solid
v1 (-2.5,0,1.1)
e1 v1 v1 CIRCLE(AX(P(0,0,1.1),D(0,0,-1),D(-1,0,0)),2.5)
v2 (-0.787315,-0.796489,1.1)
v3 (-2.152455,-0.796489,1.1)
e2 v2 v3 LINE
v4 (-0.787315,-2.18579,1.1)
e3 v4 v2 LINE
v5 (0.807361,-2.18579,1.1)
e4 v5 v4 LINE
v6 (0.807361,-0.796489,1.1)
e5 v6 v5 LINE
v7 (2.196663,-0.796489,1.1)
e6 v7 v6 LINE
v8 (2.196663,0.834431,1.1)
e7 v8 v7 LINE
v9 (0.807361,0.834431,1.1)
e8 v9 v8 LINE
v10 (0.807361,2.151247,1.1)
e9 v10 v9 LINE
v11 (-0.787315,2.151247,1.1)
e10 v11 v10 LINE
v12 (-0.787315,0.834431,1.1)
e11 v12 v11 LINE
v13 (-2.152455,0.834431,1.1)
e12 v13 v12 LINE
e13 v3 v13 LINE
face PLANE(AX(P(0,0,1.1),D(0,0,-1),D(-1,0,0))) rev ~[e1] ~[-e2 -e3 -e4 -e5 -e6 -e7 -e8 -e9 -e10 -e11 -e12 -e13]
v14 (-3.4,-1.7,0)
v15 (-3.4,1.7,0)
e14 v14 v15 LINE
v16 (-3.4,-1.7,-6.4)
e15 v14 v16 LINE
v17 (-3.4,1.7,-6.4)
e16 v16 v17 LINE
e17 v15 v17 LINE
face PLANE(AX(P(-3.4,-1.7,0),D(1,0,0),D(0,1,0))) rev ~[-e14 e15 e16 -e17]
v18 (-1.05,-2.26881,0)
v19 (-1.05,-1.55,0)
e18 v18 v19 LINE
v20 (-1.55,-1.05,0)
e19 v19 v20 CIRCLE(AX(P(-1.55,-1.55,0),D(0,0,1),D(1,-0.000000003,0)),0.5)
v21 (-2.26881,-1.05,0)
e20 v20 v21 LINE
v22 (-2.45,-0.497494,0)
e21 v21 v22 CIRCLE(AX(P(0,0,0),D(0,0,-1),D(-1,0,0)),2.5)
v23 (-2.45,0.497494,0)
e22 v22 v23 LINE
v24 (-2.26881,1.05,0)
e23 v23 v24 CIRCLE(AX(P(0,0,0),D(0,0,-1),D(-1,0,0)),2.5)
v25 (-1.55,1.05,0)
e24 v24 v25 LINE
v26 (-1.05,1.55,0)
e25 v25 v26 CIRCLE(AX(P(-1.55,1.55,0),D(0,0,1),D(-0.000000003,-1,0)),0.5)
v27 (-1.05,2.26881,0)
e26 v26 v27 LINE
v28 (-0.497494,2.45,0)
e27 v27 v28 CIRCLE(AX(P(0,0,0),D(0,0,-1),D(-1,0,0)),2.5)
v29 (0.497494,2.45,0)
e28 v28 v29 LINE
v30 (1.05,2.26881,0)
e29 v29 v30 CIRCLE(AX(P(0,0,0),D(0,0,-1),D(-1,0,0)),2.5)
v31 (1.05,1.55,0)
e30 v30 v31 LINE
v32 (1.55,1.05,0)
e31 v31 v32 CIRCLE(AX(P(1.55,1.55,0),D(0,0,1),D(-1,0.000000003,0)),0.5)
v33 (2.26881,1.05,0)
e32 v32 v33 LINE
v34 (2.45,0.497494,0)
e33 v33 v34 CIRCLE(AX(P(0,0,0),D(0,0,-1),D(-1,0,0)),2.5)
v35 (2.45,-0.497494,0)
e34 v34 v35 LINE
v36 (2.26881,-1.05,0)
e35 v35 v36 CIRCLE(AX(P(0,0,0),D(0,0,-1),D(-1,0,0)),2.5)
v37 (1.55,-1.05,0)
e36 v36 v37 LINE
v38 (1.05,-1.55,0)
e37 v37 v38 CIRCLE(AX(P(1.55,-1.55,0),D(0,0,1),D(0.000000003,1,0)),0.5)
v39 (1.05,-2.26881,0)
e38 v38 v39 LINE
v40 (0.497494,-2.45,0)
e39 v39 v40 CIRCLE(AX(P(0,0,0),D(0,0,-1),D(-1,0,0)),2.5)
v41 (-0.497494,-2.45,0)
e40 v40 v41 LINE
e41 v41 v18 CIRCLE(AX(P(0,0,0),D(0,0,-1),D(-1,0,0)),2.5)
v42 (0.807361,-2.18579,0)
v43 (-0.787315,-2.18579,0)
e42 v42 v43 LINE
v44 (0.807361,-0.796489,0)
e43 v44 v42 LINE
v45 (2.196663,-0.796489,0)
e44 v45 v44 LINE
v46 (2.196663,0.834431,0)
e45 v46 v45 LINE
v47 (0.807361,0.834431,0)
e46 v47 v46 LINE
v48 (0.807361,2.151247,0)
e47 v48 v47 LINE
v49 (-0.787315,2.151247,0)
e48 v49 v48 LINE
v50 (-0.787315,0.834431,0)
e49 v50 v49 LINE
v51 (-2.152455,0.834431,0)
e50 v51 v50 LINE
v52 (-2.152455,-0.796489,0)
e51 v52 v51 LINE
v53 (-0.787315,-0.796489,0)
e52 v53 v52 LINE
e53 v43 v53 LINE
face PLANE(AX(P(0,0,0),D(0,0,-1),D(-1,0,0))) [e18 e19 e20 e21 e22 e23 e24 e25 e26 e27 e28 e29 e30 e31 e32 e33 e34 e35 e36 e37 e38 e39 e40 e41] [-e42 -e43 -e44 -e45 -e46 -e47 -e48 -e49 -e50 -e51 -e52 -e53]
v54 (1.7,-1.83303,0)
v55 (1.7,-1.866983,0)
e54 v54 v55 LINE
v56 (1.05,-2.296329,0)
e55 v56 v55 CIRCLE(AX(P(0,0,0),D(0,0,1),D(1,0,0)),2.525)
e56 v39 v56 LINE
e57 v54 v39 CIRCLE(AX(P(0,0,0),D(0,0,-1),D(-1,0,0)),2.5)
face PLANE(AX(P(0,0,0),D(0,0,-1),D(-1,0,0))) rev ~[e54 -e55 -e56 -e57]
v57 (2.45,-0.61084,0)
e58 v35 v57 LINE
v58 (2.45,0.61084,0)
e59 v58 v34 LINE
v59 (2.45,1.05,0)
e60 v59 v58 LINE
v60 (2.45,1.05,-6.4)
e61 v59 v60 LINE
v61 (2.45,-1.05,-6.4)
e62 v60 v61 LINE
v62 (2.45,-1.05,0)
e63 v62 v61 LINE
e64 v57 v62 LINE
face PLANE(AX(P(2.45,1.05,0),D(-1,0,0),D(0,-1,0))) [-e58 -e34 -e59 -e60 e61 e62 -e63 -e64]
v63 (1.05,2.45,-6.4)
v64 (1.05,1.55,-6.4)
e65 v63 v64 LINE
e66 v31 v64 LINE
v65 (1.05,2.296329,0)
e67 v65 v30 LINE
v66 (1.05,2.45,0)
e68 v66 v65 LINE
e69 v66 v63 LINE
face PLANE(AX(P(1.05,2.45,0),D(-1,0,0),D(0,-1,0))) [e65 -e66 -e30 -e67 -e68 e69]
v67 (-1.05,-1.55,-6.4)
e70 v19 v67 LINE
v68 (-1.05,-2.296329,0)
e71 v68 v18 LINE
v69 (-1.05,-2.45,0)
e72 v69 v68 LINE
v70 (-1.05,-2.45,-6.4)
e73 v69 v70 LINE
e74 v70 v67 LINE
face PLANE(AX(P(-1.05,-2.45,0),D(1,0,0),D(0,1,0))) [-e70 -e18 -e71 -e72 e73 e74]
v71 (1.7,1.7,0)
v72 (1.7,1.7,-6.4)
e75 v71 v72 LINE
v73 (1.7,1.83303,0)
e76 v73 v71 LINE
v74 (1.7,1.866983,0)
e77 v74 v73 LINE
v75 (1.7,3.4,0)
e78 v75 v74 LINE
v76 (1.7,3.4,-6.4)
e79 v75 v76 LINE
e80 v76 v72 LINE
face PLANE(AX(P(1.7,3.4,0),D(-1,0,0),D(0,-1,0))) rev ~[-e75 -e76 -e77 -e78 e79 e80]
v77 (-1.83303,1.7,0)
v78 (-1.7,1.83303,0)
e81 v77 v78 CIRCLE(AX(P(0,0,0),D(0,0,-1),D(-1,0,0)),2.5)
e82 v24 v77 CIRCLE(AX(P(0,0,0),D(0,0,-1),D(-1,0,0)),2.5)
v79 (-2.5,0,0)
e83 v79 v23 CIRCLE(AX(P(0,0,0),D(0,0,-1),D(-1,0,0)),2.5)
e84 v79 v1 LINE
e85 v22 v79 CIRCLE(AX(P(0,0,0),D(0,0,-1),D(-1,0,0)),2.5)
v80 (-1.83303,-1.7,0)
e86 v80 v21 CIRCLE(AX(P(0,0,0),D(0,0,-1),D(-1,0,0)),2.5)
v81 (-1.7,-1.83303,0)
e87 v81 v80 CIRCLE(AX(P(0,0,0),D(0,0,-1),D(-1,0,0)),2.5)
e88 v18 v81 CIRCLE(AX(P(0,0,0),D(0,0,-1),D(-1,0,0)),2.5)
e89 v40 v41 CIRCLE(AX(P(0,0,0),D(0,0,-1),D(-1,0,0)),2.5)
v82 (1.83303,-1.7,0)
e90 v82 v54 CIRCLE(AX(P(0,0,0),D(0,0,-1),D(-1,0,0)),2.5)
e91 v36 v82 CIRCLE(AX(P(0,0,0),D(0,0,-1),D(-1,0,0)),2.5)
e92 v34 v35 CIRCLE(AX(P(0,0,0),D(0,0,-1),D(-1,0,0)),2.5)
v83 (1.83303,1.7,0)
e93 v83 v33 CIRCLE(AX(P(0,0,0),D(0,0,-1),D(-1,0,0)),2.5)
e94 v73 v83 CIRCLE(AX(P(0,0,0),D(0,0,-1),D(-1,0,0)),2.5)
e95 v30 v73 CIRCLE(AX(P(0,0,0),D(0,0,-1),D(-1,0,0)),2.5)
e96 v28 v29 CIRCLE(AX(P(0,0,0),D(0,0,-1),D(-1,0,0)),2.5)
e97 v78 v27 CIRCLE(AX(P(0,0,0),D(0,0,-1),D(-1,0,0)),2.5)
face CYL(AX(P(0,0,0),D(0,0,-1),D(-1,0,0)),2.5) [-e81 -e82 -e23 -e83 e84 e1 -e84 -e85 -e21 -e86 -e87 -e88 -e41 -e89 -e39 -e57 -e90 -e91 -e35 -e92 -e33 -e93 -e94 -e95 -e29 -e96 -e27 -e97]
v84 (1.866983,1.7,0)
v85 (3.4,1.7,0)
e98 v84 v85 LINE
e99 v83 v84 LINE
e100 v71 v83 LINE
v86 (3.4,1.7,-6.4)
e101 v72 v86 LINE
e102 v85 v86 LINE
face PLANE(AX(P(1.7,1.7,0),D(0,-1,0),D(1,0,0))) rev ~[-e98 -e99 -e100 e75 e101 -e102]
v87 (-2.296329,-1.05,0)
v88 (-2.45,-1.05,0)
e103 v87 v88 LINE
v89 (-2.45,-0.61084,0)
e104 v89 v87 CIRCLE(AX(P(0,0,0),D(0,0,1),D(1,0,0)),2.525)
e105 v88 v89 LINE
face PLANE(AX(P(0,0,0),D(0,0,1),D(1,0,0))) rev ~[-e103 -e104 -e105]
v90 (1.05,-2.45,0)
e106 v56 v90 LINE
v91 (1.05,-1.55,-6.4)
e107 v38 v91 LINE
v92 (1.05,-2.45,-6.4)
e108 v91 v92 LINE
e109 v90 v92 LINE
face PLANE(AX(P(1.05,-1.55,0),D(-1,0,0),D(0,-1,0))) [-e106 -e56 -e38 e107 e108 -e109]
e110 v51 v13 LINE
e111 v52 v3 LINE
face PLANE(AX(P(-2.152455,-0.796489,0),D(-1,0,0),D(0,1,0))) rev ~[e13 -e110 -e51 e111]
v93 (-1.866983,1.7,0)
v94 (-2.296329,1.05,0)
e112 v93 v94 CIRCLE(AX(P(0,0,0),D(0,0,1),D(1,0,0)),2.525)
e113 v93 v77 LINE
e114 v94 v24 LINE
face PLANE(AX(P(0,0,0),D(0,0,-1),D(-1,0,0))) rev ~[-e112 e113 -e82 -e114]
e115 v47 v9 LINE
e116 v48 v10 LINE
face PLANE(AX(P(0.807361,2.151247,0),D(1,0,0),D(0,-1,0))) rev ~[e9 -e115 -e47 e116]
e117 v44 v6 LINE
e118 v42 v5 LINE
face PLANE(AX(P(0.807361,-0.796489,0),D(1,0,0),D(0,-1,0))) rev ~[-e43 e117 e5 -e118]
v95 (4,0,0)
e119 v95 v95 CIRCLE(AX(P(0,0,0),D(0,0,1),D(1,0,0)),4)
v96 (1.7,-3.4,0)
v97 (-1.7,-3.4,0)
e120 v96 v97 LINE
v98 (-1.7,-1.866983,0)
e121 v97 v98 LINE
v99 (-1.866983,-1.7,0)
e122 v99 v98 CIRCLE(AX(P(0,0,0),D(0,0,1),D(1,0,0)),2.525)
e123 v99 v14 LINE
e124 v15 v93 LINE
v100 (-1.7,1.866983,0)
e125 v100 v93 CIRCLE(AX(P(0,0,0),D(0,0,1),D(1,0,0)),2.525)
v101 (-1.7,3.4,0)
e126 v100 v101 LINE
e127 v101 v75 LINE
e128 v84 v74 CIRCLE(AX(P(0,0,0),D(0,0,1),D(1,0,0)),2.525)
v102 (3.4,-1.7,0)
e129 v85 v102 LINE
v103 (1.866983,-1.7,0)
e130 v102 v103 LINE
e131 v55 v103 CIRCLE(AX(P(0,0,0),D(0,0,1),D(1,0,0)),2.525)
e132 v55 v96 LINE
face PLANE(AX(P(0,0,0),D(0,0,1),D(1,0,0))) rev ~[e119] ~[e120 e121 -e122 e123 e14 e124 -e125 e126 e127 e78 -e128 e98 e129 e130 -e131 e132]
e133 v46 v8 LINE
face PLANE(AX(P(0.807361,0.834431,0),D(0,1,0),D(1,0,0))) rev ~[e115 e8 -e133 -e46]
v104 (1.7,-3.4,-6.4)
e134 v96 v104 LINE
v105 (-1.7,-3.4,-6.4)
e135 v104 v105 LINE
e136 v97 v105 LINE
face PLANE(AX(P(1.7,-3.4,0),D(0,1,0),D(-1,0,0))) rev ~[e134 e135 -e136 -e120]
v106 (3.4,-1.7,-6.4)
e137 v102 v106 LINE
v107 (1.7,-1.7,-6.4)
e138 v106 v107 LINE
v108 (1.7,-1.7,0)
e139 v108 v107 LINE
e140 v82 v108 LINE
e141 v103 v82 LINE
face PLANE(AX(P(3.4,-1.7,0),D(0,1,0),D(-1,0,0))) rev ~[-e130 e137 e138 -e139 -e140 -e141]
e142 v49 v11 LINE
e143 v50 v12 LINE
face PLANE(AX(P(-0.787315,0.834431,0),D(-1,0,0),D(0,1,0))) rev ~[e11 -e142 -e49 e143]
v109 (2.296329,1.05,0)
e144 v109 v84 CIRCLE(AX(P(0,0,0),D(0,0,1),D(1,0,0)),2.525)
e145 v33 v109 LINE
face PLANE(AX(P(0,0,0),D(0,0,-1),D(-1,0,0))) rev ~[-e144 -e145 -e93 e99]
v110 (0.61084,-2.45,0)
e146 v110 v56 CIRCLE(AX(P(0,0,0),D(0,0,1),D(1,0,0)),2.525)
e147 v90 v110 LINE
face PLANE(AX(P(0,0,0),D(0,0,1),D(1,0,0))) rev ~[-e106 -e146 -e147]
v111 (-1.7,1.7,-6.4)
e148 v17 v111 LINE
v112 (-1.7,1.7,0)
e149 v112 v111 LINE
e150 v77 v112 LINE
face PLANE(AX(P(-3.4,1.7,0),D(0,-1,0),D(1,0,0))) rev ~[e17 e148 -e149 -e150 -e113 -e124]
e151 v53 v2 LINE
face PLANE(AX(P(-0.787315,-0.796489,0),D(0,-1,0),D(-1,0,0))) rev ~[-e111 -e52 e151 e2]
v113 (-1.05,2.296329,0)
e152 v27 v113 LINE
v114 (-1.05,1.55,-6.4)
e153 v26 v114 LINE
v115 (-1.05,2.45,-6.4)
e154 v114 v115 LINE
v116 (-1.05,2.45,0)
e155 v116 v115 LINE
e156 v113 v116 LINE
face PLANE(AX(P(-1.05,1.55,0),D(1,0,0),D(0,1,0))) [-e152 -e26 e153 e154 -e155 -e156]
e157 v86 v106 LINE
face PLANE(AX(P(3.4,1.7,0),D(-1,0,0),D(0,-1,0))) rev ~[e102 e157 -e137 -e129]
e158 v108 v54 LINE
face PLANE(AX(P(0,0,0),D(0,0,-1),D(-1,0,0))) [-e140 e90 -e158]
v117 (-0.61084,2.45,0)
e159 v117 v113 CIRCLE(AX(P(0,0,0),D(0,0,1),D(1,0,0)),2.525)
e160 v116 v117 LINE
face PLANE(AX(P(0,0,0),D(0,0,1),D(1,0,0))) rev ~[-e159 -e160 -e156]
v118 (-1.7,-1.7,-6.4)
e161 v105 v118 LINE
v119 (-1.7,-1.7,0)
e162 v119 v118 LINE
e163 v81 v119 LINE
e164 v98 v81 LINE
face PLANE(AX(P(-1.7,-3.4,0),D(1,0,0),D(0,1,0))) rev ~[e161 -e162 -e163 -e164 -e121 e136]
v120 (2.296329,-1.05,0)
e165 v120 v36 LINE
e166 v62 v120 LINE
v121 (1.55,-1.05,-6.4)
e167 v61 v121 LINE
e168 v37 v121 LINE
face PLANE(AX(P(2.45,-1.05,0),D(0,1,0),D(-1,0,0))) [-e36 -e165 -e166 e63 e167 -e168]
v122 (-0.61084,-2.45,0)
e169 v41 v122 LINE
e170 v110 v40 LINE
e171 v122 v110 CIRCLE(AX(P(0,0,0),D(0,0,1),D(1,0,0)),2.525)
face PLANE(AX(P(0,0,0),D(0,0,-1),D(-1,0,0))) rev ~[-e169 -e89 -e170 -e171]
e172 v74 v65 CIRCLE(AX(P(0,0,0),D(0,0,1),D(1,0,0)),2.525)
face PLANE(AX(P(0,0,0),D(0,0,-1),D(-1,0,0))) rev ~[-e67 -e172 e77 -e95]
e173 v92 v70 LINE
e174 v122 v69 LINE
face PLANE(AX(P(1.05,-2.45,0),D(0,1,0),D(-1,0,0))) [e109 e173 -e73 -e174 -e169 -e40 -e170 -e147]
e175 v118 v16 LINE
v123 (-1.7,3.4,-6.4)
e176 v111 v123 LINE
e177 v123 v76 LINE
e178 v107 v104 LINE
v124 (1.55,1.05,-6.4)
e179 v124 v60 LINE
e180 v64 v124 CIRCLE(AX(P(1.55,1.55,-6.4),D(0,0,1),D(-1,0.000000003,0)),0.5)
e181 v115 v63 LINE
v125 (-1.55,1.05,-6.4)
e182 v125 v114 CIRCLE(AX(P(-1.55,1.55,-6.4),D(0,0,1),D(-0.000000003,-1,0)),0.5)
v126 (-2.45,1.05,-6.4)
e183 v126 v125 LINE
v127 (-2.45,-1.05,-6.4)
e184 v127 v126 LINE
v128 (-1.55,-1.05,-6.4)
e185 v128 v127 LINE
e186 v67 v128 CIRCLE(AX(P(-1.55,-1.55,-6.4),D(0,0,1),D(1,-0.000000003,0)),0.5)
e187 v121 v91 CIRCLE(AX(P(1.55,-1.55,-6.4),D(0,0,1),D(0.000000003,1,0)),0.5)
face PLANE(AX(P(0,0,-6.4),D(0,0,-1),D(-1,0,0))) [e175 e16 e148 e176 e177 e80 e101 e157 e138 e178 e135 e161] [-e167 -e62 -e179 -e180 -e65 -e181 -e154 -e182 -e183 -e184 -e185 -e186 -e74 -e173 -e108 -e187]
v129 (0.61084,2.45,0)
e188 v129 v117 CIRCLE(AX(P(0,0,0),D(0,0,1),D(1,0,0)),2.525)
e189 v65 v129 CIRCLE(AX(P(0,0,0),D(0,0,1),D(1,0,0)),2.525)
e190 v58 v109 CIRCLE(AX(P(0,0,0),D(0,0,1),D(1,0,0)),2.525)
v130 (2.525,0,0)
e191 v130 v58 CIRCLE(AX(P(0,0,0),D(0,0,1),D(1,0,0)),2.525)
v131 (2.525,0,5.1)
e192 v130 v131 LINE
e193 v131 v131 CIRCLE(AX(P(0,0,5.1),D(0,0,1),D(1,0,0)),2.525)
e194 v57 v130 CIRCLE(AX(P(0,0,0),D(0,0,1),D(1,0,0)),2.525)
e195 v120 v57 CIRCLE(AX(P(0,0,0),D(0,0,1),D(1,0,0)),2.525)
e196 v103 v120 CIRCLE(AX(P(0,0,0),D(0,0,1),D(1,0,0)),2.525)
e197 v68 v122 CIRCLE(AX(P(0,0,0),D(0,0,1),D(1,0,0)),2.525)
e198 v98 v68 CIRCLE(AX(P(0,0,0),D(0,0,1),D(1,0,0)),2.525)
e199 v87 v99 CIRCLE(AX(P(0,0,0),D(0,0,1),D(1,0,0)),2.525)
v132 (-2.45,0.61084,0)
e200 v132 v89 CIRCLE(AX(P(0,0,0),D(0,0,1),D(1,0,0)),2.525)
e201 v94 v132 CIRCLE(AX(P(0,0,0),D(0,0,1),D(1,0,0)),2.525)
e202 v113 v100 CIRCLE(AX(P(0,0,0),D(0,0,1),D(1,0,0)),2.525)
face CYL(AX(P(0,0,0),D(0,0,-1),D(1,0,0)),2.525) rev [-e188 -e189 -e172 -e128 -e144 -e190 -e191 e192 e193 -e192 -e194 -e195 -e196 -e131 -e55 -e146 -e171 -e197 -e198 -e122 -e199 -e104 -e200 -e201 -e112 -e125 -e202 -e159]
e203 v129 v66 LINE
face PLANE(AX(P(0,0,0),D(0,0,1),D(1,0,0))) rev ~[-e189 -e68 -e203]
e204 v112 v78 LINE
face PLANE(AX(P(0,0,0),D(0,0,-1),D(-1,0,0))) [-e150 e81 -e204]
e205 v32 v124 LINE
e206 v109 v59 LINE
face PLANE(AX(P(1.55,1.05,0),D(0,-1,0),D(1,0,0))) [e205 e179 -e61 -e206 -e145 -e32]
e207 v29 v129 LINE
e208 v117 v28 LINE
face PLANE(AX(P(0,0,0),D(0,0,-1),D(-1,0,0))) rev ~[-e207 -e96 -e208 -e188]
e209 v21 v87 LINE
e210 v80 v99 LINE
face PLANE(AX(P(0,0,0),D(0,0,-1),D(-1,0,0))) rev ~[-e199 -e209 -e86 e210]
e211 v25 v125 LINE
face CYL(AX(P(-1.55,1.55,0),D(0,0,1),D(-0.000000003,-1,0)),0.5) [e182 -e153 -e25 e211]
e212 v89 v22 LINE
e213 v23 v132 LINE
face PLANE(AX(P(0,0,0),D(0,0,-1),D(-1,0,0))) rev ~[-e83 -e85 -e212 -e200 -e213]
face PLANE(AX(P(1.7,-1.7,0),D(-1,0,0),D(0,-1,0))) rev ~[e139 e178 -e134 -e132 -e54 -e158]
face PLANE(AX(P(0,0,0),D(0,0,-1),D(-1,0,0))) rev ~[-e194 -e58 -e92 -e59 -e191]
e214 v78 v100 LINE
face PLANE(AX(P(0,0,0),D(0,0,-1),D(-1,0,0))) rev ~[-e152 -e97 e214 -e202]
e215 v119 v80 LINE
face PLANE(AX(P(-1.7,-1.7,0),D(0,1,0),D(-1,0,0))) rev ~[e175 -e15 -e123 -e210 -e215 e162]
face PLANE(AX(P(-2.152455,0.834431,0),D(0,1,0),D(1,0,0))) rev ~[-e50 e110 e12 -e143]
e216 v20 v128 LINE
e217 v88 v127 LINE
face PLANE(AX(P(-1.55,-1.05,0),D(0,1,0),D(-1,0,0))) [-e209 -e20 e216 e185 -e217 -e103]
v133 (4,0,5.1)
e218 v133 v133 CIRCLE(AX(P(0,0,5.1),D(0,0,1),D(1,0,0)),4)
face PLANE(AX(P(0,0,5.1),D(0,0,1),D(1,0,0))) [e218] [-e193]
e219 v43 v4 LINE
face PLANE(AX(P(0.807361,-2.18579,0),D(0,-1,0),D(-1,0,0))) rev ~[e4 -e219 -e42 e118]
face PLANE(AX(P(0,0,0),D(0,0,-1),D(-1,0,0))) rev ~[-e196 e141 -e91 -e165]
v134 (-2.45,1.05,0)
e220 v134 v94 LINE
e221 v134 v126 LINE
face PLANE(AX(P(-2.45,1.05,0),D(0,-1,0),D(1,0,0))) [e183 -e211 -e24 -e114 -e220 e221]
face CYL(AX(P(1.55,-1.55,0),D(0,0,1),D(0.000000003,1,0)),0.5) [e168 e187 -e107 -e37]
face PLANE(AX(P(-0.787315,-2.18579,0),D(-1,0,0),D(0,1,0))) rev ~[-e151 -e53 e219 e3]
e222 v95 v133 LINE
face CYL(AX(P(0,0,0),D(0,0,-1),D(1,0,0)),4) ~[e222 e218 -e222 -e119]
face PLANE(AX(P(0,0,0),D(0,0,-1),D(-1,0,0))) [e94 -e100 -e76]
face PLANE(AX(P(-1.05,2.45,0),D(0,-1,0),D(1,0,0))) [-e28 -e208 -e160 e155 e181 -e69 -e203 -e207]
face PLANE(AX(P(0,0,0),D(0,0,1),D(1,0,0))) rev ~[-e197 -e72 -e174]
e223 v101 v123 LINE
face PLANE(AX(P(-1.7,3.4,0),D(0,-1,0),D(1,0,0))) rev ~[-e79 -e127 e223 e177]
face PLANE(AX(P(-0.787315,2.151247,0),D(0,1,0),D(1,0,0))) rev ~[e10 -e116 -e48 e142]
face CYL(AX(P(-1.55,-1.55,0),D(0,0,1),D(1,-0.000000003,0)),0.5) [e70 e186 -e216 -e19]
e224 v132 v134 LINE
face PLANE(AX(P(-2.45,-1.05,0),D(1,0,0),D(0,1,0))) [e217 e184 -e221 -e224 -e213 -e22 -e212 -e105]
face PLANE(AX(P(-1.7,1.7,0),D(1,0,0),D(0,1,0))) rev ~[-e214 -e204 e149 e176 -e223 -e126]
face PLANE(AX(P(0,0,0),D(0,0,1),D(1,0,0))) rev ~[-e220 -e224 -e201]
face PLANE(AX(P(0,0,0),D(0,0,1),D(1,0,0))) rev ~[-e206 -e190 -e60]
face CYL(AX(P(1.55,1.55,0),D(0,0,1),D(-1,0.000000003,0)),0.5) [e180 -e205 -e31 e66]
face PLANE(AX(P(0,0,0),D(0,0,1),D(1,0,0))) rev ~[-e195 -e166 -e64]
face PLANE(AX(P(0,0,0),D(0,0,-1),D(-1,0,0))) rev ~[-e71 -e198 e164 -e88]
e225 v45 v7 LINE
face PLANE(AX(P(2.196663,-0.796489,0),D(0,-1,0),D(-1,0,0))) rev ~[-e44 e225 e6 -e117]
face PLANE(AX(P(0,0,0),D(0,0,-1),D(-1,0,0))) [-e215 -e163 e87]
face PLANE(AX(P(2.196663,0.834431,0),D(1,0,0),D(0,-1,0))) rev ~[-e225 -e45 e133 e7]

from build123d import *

# Parameters (mm, degrees)
SKETCH1_R           = 4
SKETCH1_R_2         = 2.525
BOSS_EXTRUDE1_DEPTH = 5.1
BOSS_EXTRUDE2_DEPTH = 6.4
SKETCH3_R           = 2.5
BOSS_EXTRUDE5_DEPTH = 1.1


with BuildPart() as part:
    # Sketch1 → Boss-Extrude1 (new body)
    with BuildSketch(Plane.XY):
        Circle(SKETCH1_R)
        Circle(SKETCH1_R_2, mode=Mode.SUBTRACT)
    extrude(amount=BOSS_EXTRUDE1_DEPTH)

    # Sketch2 → Boss-Extrude2 (add)
    with BuildSketch(Plane(origin=(0, 0, 0), x_dir=(-1, 0, 0), z_dir=(0, 0, -1))):
        Polygon((-1.7, 3.4), (-1.7, 1.7), (-3.4, 1.7), (-3.4, -1.7), (-1.7, -1.7), (-1.7, -3.4), (1.7, -3.4), (1.7, -1.7), (3.4, -1.7), (3.4, 1.7), (1.7, 1.7), (1.7, 3.4), align=None)
        with BuildLine():
            Line((-1.05, 2.45), (-1.05, 1.55))
            ThreePointArc((-1.05, 1.55), (-1.196446609, 1.196446609), (-1.55, 1.05))
            Line((-1.55, 1.05), (-2.45, 1.05))
            Line((-2.45, 1.05), (-2.45, -1.05))
            Line((-2.45, -1.05), (-1.55, -1.05))
            ThreePointArc((-1.55, -1.05), (-1.196446609, -1.196446609), (-1.05, -1.55))
            Line((-1.05, -1.55), (-1.05, -2.45))
            Line((-1.05, -2.45), (1.05, -2.45))
            Line((1.05, -2.45), (1.05, -1.55))
            ThreePointArc((1.05, -1.55), (1.196446609, -1.196446609), (1.55, -1.05))
            Line((1.55, -1.05), (2.45, -1.05))
            Line((2.45, -1.05), (2.45, 1.05))
            Line((2.45, 1.05), (1.55, 1.05))
            ThreePointArc((1.55, 1.05), (1.196446609, 1.196446609), (1.05, 1.55))
            Line((1.05, 1.55), (1.05, 2.45))
            Line((1.05, 2.45), (-1.05, 2.45))
        make_face(mode=Mode.SUBTRACT)
    extrude(amount=BOSS_EXTRUDE2_DEPTH)

    # Sketch3 → Boss-Extrude5 (add)
    with BuildSketch(Plane(origin=(0, 0, 0), x_dir=(-1, 0, 0), z_dir=(0, 0, -1))):
        Circle(SKETCH3_R)
        Polygon((-0.80736121, 2.151247078), (-0.80736121, 0.83443077), (-2.19666282, 0.83443077), (-2.19666282, -0.796488511), (-0.80736121, -0.796488511), (-0.80736121, -2.18579012), (0.78731542, -2.18579012), (0.78731542, -0.796488511), (2.152455262, -0.796488511), (2.152455262, 0.83443077), (0.78731542, 0.83443077), (0.78731542, 2.151247078), align=None, mode=Mode.SUBTRACT)
    extrude(amount=-BOSS_EXTRUDE5_DEPTH)


solid = part.part
